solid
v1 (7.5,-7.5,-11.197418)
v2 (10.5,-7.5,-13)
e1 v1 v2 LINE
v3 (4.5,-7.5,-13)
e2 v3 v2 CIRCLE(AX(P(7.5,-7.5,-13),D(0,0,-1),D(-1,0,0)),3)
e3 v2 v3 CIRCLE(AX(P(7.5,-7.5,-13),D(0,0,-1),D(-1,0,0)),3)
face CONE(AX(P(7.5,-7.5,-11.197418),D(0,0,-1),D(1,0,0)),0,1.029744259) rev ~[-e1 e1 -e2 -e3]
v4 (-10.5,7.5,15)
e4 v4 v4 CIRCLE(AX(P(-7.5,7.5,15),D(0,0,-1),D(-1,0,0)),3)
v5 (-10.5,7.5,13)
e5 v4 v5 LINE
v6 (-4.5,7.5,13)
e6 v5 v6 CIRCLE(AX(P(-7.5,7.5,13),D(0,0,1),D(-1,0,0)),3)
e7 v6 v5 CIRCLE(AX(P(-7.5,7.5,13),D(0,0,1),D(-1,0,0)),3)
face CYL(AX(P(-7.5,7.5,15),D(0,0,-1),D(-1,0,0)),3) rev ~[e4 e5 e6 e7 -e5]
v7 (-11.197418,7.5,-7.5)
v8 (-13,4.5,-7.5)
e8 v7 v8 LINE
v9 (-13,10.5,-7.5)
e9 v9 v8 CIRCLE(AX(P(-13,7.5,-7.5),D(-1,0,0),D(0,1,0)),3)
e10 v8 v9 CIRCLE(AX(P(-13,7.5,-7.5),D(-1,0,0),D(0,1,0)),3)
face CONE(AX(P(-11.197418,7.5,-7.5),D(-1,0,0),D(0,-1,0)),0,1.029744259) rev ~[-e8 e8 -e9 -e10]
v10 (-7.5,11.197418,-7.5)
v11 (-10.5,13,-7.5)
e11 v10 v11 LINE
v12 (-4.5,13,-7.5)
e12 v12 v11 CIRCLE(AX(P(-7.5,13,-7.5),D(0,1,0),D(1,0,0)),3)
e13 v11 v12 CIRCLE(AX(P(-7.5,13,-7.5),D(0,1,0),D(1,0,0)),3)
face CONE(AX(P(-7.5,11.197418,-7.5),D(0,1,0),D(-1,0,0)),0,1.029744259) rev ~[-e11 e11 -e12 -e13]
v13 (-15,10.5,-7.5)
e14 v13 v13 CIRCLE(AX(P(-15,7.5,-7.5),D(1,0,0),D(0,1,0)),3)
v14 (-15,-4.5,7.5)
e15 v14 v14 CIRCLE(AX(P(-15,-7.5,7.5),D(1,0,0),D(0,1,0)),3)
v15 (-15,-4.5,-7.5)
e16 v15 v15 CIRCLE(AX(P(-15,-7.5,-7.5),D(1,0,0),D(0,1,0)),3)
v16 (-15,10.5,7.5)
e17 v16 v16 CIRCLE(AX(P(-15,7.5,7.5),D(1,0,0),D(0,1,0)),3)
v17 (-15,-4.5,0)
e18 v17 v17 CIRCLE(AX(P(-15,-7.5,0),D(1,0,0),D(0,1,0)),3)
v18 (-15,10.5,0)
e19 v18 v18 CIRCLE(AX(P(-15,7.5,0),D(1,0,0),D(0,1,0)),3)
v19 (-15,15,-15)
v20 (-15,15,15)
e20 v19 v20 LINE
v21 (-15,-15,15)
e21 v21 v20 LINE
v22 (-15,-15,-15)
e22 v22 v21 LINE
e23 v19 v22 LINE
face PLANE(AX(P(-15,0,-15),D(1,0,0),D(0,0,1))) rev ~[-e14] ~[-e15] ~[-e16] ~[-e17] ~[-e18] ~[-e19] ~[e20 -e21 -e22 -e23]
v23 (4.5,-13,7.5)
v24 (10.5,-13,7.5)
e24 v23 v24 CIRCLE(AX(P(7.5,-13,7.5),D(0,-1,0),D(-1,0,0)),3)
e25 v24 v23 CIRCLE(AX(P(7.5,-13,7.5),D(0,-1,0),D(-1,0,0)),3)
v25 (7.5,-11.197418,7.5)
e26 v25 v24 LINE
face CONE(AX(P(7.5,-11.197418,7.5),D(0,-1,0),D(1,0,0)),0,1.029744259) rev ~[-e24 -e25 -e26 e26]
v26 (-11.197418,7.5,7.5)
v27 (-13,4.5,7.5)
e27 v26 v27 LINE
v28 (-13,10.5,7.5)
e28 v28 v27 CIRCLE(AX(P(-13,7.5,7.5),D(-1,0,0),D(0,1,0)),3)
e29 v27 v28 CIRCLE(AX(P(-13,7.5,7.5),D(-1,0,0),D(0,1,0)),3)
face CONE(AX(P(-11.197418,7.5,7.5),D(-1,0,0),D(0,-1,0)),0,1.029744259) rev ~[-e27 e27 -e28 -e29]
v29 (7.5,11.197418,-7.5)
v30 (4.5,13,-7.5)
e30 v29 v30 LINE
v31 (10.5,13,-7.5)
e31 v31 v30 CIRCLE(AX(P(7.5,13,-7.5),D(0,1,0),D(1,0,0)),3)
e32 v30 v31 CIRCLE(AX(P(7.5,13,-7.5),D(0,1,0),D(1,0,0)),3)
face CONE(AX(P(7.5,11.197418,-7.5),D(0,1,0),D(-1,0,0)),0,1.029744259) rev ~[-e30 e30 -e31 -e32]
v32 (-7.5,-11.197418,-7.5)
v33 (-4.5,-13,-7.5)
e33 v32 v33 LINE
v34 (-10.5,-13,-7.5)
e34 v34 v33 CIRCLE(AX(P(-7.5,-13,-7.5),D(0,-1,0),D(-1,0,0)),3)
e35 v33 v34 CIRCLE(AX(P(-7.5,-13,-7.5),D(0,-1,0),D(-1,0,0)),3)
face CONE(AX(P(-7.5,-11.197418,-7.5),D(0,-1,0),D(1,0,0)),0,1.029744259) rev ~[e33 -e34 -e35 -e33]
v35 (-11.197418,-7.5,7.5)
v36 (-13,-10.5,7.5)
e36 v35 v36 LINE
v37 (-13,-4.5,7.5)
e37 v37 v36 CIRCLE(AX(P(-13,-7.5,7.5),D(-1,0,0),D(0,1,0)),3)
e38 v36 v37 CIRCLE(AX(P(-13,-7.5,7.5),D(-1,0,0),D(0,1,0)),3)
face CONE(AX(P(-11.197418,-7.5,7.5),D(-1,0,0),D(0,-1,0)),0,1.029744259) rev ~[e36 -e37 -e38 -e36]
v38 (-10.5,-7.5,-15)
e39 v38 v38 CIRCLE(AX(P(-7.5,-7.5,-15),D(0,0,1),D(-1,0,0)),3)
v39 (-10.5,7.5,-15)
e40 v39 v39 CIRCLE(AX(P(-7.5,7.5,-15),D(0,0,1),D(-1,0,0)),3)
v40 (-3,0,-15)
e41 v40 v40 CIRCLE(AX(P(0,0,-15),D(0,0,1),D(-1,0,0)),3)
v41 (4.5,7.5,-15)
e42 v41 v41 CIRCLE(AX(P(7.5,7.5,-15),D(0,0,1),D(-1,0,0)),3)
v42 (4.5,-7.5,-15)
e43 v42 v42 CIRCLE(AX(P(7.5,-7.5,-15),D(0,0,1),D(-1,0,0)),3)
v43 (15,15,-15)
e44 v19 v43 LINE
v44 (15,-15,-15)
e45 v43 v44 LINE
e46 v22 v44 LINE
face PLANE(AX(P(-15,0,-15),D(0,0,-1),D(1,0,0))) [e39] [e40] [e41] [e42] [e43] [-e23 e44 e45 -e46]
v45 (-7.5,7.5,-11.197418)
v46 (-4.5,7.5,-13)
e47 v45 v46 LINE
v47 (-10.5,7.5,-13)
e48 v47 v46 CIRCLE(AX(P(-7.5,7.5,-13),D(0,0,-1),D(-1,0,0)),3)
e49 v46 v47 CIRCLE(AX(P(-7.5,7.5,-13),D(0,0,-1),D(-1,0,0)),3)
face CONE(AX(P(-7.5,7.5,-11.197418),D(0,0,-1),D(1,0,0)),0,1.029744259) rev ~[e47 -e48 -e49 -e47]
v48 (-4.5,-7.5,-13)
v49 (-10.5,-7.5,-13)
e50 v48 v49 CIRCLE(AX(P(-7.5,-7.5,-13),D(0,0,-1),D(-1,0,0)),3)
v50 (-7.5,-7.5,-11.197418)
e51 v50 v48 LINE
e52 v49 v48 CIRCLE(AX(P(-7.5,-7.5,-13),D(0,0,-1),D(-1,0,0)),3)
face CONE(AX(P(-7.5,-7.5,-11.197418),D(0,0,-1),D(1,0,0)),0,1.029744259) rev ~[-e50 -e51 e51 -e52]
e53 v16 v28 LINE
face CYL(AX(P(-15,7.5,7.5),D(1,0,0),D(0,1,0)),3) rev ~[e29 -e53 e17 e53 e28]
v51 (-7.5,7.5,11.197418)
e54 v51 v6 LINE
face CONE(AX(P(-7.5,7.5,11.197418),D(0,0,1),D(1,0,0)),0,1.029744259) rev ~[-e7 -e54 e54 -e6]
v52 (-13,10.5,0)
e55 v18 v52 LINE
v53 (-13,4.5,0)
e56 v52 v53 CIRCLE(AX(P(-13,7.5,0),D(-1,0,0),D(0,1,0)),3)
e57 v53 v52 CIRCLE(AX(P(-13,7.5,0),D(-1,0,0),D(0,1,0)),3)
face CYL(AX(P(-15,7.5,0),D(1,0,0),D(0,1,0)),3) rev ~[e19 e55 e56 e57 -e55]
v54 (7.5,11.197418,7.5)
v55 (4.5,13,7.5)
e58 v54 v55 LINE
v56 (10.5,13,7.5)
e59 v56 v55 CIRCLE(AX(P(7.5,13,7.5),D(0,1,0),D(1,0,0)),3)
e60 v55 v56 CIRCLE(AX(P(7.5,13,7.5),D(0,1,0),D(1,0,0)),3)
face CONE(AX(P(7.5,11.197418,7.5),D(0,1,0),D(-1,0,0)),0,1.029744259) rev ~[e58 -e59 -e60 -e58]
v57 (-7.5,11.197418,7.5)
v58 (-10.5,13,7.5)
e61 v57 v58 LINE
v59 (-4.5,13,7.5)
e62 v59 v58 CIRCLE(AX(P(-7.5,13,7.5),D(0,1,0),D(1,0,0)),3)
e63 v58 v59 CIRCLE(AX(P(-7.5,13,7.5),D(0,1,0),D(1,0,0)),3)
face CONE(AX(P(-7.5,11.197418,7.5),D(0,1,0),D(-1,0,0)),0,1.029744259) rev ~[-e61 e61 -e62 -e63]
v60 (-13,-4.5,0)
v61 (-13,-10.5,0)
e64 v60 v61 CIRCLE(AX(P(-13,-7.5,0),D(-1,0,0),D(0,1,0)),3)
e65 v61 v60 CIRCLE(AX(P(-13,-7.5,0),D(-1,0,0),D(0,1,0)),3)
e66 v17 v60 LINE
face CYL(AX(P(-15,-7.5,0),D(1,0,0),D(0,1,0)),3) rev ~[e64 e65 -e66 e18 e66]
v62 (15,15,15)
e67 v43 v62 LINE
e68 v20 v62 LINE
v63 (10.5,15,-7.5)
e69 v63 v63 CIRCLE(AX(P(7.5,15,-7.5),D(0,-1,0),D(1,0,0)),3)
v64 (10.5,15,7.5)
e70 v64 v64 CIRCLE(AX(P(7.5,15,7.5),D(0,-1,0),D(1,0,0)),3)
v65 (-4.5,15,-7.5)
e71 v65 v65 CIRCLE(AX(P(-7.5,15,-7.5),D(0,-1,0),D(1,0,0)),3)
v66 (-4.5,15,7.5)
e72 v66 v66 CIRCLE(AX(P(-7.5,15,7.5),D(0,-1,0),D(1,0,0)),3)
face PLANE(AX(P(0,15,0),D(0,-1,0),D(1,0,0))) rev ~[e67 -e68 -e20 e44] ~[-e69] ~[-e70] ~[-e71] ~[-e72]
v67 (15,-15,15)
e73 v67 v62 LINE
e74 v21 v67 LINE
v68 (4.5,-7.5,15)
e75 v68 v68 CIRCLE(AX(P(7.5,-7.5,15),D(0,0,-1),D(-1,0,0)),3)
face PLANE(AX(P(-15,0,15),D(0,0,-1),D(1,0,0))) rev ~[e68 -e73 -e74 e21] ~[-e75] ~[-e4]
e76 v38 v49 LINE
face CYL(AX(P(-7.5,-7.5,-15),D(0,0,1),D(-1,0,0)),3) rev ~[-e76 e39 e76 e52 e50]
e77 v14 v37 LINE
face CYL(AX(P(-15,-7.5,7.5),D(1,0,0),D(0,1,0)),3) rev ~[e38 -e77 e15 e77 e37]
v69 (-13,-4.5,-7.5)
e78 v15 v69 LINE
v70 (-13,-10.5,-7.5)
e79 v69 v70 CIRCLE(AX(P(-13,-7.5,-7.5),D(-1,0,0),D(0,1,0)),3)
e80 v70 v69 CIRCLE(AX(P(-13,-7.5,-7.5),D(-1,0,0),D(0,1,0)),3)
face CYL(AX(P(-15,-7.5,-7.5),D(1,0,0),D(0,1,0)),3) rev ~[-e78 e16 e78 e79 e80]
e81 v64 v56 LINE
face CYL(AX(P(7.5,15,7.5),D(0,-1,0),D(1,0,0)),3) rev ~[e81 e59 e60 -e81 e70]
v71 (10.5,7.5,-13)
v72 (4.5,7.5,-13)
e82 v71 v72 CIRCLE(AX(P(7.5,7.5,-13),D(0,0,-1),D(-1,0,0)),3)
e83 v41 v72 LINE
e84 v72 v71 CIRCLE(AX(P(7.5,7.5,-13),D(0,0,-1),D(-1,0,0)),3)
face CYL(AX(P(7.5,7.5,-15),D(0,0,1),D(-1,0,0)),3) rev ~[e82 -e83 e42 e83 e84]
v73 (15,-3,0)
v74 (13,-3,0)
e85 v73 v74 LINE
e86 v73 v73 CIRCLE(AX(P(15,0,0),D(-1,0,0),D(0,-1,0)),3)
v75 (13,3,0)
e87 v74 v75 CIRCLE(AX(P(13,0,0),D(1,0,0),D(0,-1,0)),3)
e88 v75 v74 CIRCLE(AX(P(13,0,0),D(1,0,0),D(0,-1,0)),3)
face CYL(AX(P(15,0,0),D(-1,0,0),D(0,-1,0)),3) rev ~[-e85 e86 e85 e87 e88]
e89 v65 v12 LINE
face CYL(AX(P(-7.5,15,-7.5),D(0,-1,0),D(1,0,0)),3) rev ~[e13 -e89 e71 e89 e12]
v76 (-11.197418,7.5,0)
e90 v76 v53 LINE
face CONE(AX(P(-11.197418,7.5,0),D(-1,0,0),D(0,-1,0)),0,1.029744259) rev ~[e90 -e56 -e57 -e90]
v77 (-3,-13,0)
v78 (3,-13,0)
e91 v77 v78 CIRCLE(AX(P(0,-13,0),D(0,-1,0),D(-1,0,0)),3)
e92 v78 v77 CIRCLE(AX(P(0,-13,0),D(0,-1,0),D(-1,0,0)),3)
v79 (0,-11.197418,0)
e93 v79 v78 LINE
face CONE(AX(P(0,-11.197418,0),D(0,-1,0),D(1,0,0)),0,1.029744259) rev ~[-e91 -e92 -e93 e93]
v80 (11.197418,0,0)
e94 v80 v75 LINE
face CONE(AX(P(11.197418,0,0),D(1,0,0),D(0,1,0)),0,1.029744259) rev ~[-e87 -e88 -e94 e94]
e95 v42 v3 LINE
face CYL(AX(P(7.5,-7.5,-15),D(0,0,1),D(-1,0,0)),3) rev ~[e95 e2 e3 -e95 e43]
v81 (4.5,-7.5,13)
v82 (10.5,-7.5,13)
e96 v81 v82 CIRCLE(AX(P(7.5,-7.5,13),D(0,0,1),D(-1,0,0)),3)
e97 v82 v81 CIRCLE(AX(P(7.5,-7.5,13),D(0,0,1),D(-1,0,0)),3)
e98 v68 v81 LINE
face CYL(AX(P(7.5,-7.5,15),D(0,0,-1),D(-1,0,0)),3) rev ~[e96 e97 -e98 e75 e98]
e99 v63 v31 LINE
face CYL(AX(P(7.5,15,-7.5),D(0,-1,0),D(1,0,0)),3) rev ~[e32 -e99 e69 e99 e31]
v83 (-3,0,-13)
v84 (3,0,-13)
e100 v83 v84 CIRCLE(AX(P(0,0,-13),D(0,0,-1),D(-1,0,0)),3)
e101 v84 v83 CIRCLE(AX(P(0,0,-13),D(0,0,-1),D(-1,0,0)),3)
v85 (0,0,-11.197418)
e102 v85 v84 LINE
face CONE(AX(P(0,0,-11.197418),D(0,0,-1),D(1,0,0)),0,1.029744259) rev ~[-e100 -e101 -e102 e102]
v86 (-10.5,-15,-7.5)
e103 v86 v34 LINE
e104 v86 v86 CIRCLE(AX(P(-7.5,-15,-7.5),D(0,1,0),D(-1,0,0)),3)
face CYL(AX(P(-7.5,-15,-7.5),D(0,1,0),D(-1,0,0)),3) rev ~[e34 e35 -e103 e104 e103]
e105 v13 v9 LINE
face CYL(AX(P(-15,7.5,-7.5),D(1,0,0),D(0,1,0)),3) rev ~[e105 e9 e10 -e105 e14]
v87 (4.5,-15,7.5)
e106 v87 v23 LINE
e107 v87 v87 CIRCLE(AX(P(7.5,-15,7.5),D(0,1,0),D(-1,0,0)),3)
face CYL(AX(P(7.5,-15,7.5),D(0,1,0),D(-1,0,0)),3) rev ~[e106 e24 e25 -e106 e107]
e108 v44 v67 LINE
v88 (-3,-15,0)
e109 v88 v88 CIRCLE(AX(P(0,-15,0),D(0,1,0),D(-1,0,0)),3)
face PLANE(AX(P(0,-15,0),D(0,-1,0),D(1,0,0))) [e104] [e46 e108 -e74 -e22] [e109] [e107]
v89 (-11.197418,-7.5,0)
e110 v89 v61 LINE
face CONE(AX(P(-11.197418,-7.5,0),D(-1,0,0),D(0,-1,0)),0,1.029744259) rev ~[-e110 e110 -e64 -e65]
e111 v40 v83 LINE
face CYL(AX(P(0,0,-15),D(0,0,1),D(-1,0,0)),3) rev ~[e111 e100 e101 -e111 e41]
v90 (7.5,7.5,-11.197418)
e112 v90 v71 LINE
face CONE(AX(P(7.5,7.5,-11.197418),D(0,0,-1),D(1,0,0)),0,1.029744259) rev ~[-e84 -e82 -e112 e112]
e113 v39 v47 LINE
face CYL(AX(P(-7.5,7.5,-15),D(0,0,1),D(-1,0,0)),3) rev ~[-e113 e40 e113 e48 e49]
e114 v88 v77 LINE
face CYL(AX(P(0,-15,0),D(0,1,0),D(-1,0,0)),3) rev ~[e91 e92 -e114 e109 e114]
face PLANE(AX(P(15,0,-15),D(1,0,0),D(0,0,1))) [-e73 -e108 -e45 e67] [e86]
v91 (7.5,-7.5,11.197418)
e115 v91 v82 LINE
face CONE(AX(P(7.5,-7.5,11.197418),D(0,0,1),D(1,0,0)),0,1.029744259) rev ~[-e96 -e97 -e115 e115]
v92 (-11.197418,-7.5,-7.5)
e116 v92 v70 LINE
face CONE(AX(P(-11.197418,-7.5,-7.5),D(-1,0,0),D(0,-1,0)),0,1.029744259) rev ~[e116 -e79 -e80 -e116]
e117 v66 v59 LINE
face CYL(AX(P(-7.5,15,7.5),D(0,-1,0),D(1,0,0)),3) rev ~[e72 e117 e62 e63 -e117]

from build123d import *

# Parameters (mm, degrees)
F0_W                 = 30
F0_H                 = 30
F1_DEPTH             = 15
F8_D                 = 6
F8_DEPTH             = 2
F8_CBORE_D           = 6
F8_CBORE_DEPTH       = 2
F8_TIP               = 1.8025818571
F8_ON_F5_D           = 6
F8_ON_F5_DEPTH       = 2
F8_ON_F5_CBORE_D     = 6
F8_ON_F5_CBORE_DEPTH = 2
F8_ON_F5_TIP         = 1.8025818571
F8_ON_F7_D           = 6
F8_ON_F7_DEPTH       = 2
F8_ON_F7_CBORE_D     = 6
F8_ON_F7_CBORE_DEPTH = 2
F8_ON_F7_TIP         = 1.8025818571
F8_ON_F3_D           = 6
F8_ON_F3_DEPTH       = 2
F8_ON_F3_CBORE_D     = 6
F8_ON_F3_CBORE_DEPTH = 2
F8_ON_F3_TIP         = 1.8025818571
F8_ON_F4_D           = 6
F8_ON_F4_DEPTH       = 2
F8_ON_F4_CBORE_D     = 6
F8_ON_F4_CBORE_DEPTH = 2
F8_ON_F4_TIP         = 1.8025818571
F8_ON_F6_D           = 6
F8_ON_F6_DEPTH       = 2
F8_ON_F6_CBORE_D     = 6
F8_ON_F6_CBORE_DEPTH = 2
F8_ON_F6_TIP         = 1.8025818571


with BuildPart() as f1:
    # F0 (on Front) → F1 (new body, symmetric)
    with BuildSketch(Plane.XZ):
        Rectangle(F0_W, F0_H)
    extrude(amount=F1_DEPTH, both=True)

    # F8
    with Locations(Plane.XZ.offset(15)):
        with Locations((7.5, 7.5), (0, 0), (-7.5, -7.5)):
            CounterBoreHole(F8_D / 2, F8_CBORE_D / 2, F8_CBORE_DEPTH, depth=F8_DEPTH)
            with Locations((0, 0, -(F8_DEPTH + F8_TIP / 2))):  # 118° drill point
                Cone(0, F8_D / 2, F8_TIP, mode=Mode.SUBTRACT)

    # F8 on F5
    with Locations(Plane(origin=(0, 15, 0), x_dir=(-1, 0, 0), z_dir=(0, 1, 0))):
        with Locations((-7.5, 7.5), (7.5, 7.5), (7.5, -7.5), (-7.5, -7.5)):
            CounterBoreHole(F8_ON_F5_D / 2, F8_ON_F5_CBORE_D / 2, F8_ON_F5_CBORE_DEPTH, depth=F8_ON_F5_DEPTH)
            with Locations((0, 0, -(F8_ON_F5_DEPTH + F8_ON_F5_TIP / 2))):  # 118° drill point
                Cone(0, F8_ON_F5_D / 2, F8_ON_F5_TIP, mode=Mode.SUBTRACT)

    # F8 on F7
    with Locations(Plane(origin=(-15, 0, 0), x_dir=(0, -1, 0), z_dir=(-1, 0, 0))):
        with Locations((-7.5, 7.5), (-7.5, 0), (-7.5, -7.5), (7.5, -7.5), (7.5, 0), (7.5, 7.5)):
            CounterBoreHole(F8_ON_F7_D / 2, F8_ON_F7_CBORE_D / 2, F8_ON_F7_CBORE_DEPTH, depth=F8_ON_F7_DEPTH)
            with Locations((0, 0, -(F8_ON_F7_DEPTH + F8_ON_F7_TIP / 2))):  # 118° drill point
                Cone(0, F8_ON_F7_D / 2, F8_ON_F7_TIP, mode=Mode.SUBTRACT)

    # F8 on F3
    with Locations(Plane.YZ.offset(15)):
        with Locations((0, 0)):
            CounterBoreHole(F8_ON_F3_D / 2, F8_ON_F3_CBORE_D / 2, F8_ON_F3_CBORE_DEPTH, depth=F8_ON_F3_DEPTH)
            with Locations((0, 0, -(F8_ON_F3_DEPTH + F8_ON_F3_TIP / 2))):  # 118° drill point
                Cone(0, F8_ON_F3_D / 2, F8_ON_F3_TIP, mode=Mode.SUBTRACT)

    # F8 on F4
    with Locations(Plane.XY.offset(15)):
        with Locations((-7.5, 7.5), (7.5, -7.5)):
            CounterBoreHole(F8_ON_F4_D / 2, F8_ON_F4_CBORE_D / 2, F8_ON_F4_CBORE_DEPTH, depth=F8_ON_F4_DEPTH)
            with Locations((0, 0, -(F8_ON_F4_DEPTH + F8_ON_F4_TIP / 2))):  # 118° drill point
                Cone(0, F8_ON_F4_D / 2, F8_ON_F4_TIP, mode=Mode.SUBTRACT)

    # F8 on F6
    with Locations(Plane(origin=(0, 0, -15), x_dir=(1, 0, 0), z_dir=(0, 0, -1))):
        with Locations((-7.5, -7.5), (0, 0), (7.5, 7.5), (-7.5, 7.5), (7.5, -7.5)):
            CounterBoreHole(F8_ON_F6_D / 2, F8_ON_F6_CBORE_D / 2, F8_ON_F6_CBORE_DEPTH, depth=F8_ON_F6_DEPTH)
            with Locations((0, 0, -(F8_ON_F6_DEPTH + F8_ON_F6_TIP / 2))):  # 118° drill point
                Cone(0, F8_ON_F6_D / 2, F8_ON_F6_TIP, mode=Mode.SUBTRACT)


solid = f1.part
